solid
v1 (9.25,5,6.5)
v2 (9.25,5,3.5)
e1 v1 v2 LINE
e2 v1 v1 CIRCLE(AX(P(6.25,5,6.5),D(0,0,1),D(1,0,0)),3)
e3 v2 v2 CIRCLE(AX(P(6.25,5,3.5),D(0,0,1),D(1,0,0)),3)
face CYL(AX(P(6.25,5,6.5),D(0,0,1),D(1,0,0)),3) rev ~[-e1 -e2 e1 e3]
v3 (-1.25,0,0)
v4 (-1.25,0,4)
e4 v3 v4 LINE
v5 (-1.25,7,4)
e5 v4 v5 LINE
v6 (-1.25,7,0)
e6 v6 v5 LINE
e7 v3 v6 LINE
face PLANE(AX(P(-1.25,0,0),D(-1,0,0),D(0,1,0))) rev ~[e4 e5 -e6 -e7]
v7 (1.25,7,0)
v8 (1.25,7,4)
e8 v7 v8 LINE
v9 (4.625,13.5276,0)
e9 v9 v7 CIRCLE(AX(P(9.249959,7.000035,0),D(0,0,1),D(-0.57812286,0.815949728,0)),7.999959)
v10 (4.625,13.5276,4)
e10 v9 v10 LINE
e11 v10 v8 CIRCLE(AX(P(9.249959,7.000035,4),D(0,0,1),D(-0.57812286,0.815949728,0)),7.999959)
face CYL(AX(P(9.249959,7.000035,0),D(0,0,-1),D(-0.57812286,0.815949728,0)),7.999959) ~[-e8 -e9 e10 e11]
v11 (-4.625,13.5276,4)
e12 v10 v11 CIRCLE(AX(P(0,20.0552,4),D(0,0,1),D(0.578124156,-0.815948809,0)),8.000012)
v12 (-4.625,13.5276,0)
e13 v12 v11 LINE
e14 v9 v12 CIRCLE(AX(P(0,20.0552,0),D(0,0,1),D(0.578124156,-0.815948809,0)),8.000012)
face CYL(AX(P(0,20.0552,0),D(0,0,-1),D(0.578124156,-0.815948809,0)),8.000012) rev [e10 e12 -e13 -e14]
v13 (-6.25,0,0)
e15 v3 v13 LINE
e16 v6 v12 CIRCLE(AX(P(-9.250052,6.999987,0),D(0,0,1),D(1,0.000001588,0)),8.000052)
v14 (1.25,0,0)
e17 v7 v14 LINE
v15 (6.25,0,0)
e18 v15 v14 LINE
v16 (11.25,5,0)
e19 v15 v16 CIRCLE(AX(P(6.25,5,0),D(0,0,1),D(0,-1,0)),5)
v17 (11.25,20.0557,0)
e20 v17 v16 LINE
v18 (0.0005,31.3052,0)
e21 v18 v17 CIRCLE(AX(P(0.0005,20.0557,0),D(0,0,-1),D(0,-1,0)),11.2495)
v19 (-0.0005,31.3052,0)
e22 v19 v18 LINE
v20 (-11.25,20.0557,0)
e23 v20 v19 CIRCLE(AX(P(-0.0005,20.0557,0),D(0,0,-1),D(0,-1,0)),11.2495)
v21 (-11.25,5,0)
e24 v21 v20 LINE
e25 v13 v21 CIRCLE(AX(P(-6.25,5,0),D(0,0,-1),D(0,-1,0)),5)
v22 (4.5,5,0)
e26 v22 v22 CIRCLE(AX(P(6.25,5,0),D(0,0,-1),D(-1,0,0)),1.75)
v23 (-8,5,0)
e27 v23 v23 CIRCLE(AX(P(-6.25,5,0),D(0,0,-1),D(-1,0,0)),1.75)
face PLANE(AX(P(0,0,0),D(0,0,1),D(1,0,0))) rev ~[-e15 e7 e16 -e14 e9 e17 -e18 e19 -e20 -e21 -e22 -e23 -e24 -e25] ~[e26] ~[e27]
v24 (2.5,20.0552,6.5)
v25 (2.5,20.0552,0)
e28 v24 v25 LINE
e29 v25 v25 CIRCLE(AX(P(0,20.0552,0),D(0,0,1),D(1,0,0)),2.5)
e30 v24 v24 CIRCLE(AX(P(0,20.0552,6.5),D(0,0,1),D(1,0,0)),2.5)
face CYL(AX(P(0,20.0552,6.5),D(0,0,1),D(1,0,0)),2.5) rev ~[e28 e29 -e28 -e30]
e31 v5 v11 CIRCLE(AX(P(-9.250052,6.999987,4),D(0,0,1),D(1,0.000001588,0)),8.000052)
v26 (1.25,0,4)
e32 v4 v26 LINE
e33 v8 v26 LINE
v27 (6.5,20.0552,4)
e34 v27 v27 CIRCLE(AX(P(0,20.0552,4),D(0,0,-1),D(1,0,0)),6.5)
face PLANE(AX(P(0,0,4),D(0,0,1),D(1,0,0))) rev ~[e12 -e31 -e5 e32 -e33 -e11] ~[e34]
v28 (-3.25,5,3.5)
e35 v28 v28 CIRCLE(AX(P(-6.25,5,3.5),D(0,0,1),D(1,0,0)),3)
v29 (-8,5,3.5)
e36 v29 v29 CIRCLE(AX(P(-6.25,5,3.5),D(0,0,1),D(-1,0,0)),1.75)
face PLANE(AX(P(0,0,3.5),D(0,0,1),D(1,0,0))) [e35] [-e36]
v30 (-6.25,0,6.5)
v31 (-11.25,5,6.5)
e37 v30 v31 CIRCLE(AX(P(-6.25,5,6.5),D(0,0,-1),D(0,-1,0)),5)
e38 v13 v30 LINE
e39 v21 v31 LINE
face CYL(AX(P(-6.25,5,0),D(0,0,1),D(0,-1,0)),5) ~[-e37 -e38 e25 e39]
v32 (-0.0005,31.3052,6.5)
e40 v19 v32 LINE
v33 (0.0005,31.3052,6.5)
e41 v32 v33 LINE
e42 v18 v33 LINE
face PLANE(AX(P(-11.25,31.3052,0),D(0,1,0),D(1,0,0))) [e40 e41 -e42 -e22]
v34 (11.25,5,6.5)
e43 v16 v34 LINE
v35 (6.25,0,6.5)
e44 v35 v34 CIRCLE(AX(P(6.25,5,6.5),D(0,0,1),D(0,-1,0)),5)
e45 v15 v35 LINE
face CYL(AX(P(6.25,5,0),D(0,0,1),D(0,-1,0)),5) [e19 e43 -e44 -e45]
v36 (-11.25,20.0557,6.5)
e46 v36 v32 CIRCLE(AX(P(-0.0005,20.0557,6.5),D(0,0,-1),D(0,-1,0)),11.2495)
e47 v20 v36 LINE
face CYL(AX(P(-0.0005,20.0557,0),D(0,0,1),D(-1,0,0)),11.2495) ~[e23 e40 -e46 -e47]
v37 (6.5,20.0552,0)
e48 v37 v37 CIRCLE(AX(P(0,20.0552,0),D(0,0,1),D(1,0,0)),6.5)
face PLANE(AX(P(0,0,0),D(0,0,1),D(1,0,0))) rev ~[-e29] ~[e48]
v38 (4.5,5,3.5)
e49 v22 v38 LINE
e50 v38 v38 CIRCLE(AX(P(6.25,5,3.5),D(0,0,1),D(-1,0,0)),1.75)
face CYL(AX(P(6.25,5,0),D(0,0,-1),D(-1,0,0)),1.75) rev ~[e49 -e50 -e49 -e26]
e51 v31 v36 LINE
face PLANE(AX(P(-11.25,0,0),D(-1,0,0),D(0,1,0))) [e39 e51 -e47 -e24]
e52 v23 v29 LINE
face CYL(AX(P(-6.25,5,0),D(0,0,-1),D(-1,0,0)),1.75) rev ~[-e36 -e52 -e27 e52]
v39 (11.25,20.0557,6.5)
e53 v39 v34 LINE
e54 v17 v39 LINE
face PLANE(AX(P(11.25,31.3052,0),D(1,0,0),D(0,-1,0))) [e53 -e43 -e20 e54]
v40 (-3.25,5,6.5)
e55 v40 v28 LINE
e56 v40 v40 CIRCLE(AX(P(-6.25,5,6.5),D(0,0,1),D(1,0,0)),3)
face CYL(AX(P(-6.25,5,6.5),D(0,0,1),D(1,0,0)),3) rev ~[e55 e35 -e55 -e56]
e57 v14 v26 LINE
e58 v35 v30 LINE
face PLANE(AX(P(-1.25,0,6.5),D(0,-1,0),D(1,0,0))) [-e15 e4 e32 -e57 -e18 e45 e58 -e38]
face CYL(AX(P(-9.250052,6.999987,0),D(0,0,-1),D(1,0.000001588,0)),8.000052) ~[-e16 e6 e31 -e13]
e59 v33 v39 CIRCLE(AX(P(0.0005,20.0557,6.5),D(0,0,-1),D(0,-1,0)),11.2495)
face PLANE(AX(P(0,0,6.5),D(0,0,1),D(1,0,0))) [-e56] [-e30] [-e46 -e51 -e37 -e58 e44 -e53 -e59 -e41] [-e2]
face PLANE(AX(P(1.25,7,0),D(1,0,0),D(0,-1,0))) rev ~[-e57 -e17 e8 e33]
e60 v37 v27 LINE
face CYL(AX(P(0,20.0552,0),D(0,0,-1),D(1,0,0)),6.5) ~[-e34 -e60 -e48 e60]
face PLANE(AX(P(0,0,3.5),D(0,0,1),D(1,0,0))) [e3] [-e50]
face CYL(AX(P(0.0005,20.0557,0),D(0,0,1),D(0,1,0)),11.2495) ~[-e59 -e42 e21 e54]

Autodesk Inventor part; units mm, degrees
ref_plane "YZ Plane" through (0, 0, 0) normal (1, 0, 0) x (0, 1, 0)
ref_plane "XZ Plane" through (0, 0, 0) normal (0, 1, 0) x (-1, 0, 0)
ref_plane "XY Plane" through (0, 0, 0) normal (0, 0, 1) x (1, 0, 0)
sketch "Sketch1" plane through (0, 0, 0) normal (0, 0, 1) x (1, 0, 0)
  line L0 (-1.25, 0) -> (1.25, 0)
  line L1 (-1.25, 0) -> (-1.25, 7)
  arc A0 (-1.25, 7) -> (-4.625, 13.5276) centre (-9.25, 7) ccw
  arc A1 (4.625, 13.5276) -> (-4.625, 13.5276) centre (0, 20.0552) ccw
  arc A2 (4.625, 13.5276) -> (1.25, 7) centre (9.25, 7) ccw
  line L2 (1.25, 7) -> (1.25, 0)
  circle A3 centre (0, 20.0552) radius 6.5
  line L3 (-1.25, 0) -> (-11.25, 0)
  line L4 (-11.25, 0) -> (-11.25, 31.3052)
  line L5 (-11.25, 31.3052) -> (11.25, 31.3052)
  line L6 (11.25, 31.3052) -> (11.25, 0)
  line L7 (11.25, 0) -> (1.25, 0)
  point P0 (0, 0)
  point P1 (0, 0)
  dimension "d0" = 2.5
  dimension "d3" = 7
  dimension "d4" = 1.5
  dimension "d15" = 10
  dimension "d23" = 11.25
  dimension "d24" = 8
extrude "Extrusion1" add sketch "Sketch1" along normal blind 6.5 contours L3 L4 L5 L6 L7 L2 A2 A1 A0 L1 | A3
fillet "Fillet1" radius 11.25 2 edges at (11.25, 31.3052, 3.25) (-11.25, 31.3052, 3.25)
sketch "Sketch2" plane through (0, 0, 6.5) normal (0, 0, 1) x (1, 0, 0)
  line L0 (-1.25, 0) -> (-1.25, 7) projected
  arc A0 (-1.25, 7) -> (-4.625, 13.5276) centre (-9.25, 7) ccw projected
  arc A1 (4.625, 13.5276) -> (-4.625, 13.5276) centre (0, 20.0552) ccw projected
  arc A2 (4.625, 13.5276) -> (1.25, 7) centre (9.25, 7) ccw projected
  line L1 (1.25, 7) -> (1.25, 0) projected
  line L2 (11.25, 0) -> (11.25, 20.0552) projected
  line L3 (-1.25, 0) -> (1.25, 0)
  point P0 (0, 0)
extrude "Extrusion2" add sketch "Sketch2" against normal blind 2.5
sketch "Sketch3" plane through (0, 0, 0) normal (0, 0, -1) x (-1, 0, 0)
  line L0 (-1.25, 0) -> (-11.25, 0) projected
  line L1 (11.25, 0) -> (1.25, 0) projected
  circle A0 centre (-6.25, 5) radius 1.75
  circle A1 centre (6.25, 5) radius 1.75
  point P0 (0, 0)
  point P1 (-1.25, 22.4355)
  point P2 (-6.25, 0)
  point P3 (6.25, 0)
  dimension "d13" = 5
  dimension "d14" = 3.5
extrude "Extrusion3" cut sketch "Sketch3" against normal through all
sketch "Sketch4" plane through (0, 0, 6.5) normal (0, 0, 1) x (1, 0, 0)
  circle A0 centre (6.25, 5) radius 1.75 projected
  circle A1 centre (-6.25, 5) radius 1.75 projected
  circle A2 centre (-6.25, 5) radius 3
  circle A3 centre (6.25, 5) radius 3
  point P0 (0, 0)
  dimension "d19" = 6
extrude "Extrusion4" cut sketch "Sketch4" against normal blind 3
fillet "Fillet2" radius 5 2 edges at (-11.25, 0, 3.25) (11.25, 0, 3.25)
sketch "Sketch5" plane through (0, 0, 6.5) normal (0, 0, 1) x (1, 0, 0)
  arc A0 (11.25, 20.0552) -> (-11.25, 20.0552) centre (0, 20.0552) ccw projected
  circle A1 centre (0, 20.0552) radius 2.5
  point P0 (0, 0)
  dimension "d26" = 5
extrude "Extrusion5" cut sketch "Sketch5" against normal through all
equation "\"d9\" = d16"
equation "\"d16\" = 11.25"
properties part number "belt tensioner"
